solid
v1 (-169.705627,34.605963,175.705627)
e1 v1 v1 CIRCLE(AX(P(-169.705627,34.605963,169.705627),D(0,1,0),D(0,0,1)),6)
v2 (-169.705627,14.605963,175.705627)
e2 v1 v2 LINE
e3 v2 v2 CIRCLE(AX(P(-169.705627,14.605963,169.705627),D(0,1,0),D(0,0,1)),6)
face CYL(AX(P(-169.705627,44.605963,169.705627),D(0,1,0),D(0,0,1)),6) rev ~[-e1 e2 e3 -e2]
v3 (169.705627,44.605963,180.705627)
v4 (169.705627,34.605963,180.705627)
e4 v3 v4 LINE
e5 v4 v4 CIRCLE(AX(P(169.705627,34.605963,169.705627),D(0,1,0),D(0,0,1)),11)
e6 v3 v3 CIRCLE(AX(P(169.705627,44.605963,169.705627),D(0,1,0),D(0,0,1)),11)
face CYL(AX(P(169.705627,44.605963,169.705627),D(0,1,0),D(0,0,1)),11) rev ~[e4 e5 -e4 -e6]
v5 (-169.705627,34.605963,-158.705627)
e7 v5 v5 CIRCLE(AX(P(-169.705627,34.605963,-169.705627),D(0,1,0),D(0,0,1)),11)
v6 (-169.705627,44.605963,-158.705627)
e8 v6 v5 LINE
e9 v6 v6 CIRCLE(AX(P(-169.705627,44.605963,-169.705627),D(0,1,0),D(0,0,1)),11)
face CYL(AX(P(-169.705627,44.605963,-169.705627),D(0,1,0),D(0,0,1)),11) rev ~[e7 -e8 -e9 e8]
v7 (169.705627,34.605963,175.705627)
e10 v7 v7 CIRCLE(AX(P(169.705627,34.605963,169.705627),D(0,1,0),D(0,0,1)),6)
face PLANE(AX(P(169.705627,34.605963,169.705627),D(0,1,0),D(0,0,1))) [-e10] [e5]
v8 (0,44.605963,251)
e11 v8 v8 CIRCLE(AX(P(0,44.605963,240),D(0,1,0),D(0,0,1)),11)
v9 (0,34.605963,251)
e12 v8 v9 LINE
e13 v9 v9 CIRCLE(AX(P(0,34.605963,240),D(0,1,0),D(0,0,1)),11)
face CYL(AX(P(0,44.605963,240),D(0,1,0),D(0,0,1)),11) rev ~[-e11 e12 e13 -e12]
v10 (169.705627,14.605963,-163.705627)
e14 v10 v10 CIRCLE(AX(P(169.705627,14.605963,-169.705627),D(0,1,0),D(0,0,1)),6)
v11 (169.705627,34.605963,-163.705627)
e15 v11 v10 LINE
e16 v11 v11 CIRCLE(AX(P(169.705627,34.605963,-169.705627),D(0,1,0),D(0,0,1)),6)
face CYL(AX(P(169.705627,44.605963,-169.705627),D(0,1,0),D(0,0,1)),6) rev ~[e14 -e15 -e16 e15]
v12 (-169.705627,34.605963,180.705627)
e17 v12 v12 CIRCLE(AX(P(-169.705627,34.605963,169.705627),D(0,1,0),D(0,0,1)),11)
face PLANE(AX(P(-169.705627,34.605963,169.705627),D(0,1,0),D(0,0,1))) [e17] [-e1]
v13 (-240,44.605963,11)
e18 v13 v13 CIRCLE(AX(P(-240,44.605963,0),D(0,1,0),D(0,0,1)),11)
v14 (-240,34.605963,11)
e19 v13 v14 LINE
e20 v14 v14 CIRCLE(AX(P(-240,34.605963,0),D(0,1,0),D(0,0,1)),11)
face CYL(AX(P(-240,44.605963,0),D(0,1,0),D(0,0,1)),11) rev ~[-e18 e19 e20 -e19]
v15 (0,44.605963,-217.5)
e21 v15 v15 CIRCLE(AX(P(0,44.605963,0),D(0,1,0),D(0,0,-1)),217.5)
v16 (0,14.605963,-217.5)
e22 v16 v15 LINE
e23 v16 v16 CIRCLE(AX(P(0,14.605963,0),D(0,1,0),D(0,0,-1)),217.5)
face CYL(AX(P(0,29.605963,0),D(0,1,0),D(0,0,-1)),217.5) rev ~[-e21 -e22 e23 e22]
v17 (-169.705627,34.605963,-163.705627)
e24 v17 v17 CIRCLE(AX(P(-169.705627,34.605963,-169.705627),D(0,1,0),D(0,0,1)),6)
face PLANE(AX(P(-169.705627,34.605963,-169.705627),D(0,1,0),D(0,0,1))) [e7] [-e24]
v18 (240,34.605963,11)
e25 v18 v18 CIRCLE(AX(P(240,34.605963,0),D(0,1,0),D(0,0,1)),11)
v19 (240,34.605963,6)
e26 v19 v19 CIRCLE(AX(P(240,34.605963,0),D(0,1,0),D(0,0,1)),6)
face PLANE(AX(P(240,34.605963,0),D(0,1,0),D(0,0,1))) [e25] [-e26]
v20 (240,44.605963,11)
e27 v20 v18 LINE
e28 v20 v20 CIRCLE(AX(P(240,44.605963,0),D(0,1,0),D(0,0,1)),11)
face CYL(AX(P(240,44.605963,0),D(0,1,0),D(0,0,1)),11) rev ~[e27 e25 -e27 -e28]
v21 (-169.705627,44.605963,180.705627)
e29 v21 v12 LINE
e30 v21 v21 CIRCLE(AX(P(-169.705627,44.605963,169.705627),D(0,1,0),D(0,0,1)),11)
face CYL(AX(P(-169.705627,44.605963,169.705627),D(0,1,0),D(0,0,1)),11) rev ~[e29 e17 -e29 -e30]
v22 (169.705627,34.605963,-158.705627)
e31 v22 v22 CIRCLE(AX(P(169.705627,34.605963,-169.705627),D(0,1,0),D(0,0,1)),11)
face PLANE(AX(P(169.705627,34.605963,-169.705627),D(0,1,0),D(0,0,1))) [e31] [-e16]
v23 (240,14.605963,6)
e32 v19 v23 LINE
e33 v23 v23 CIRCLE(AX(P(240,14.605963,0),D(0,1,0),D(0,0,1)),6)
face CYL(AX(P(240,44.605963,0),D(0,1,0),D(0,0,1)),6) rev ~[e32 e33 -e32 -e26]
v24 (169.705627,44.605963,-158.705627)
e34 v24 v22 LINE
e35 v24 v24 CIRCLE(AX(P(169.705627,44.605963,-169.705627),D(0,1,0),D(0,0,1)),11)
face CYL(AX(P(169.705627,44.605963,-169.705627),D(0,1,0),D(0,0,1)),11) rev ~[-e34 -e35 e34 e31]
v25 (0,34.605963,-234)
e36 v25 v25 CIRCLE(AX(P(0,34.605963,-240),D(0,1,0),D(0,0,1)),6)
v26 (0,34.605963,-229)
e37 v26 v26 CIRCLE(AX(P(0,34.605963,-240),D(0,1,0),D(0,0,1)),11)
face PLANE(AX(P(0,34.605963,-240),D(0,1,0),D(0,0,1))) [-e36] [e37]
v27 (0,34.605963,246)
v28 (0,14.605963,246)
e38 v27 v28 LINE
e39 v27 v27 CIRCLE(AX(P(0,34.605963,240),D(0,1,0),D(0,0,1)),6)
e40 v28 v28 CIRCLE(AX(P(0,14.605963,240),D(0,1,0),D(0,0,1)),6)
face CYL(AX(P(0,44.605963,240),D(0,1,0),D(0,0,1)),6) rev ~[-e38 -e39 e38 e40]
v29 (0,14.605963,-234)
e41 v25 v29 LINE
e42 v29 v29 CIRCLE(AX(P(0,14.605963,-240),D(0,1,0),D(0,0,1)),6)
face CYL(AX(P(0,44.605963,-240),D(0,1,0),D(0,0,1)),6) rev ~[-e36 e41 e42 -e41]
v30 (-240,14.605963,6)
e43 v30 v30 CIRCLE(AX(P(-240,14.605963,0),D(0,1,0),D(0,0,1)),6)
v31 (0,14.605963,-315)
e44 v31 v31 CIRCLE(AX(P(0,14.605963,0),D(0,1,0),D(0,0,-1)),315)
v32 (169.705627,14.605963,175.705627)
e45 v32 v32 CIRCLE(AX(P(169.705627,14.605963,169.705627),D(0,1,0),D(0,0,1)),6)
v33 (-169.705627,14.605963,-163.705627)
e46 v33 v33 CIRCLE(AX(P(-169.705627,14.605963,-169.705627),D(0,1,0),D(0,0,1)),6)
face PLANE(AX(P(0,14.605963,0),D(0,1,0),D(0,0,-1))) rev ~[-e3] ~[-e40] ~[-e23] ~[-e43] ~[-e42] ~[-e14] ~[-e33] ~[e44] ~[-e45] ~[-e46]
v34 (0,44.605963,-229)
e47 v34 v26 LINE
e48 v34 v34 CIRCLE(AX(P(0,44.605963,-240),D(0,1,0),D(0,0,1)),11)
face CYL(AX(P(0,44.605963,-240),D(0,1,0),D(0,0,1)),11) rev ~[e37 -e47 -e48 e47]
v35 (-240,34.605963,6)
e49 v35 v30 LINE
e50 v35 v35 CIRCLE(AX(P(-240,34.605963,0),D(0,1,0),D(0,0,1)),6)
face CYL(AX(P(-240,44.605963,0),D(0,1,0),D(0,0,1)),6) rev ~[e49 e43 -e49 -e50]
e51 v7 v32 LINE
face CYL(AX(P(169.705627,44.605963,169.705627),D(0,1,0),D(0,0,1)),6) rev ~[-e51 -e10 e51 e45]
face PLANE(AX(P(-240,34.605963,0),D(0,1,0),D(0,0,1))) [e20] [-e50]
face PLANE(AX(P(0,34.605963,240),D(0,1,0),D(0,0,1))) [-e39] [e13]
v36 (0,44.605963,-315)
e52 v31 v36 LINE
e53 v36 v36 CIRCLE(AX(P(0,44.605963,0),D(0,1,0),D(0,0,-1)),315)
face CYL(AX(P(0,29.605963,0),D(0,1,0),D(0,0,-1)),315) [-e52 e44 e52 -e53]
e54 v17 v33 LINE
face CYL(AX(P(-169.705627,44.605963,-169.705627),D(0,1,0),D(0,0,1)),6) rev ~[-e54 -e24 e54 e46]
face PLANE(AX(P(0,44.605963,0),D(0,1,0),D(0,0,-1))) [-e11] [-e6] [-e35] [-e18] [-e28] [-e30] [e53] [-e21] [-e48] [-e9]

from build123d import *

# Parameters (mm, degrees)
SKETCH1_W          = 97.5
SKETCH1_H          = 30
SKETCH2_R          = 11
CUT_EXTRUDE1_DEPTH = 10
SKETCH3_R          = 6
CUT_EXTRUDE2_DEPTH = 447.486281987


with BuildPart() as part:
    # Sketch1 → Revolve1 (revolve)
    with BuildSketch(Plane(origin=(0, 0, 0), x_dir=(0, 0, -1), z_dir=(1, 0, 0)), mode=Mode.PRIVATE) as revolve1_sk:
        with Locations((-266.250000002, 29.605962764)):
            Rectangle(SKETCH1_W, SKETCH1_H)
    revolve(revolve1_sk.sketch.rotate(Axis((0, -1000, 0), (0, 1, 0)), 180), axis=Axis((0, -1000, 0), (0, 1, 0)))

    # Sketch2 → Cut-Extrude1 (cut)
    with BuildSketch(Plane(origin=(0, 44.605962764, 0), x_dir=(1, 0, 0), z_dir=(0, 1, 0))):
        with Locations(Location((0, 240, 0), (0, 0, 270))):
            Circle(SKETCH2_R)
        with Locations(Location((169.705627485, 169.705627485, 0), (0, 0, 270))):
            Circle(SKETCH2_R)
        with Locations(Location((240, 0, 0), (0, 0, 270))):
            Circle(SKETCH2_R)
        with Locations(Location((169.705627485, -169.705627485, 0), (0, 0, 270))):
            Circle(SKETCH2_R)
        with Locations(Location((0, -240, 0), (0, 0, 270))):
            Circle(SKETCH2_R)
        with Locations(Location((-169.705627485, -169.705627485, 0), (0, 0, 270))):
            Circle(SKETCH2_R)
        with Locations(Location((-240, 0, 0), (0, 0, 270))):
            Circle(SKETCH2_R)
        with Locations(Location((-169.705627485, 169.705627485, 0), (0, 0, 270))):
            Circle(SKETCH2_R)
    extrude(amount=-CUT_EXTRUDE1_DEPTH, mode=Mode.SUBTRACT)

    # Sketch3 → Cut-Extrude2 (cut, through all)
    with BuildSketch(Plane(origin=(0, 44.605962764, 0), x_dir=(1, 0, 0), z_dir=(0, 1, 0))):
        with Locations(Location((0, 240, 0), (0, 0, 270))):
            Circle(SKETCH3_R)
        with Locations(Location((169.705627485, 169.705627485, 0), (0, 0, 270))):
            Circle(SKETCH3_R)
        with Locations(Location((240, 0, 0), (0, 0, 270))):
            Circle(SKETCH3_R)
        with Locations(Location((169.705627485, -169.705627485, 0), (0, 0, 270))):
            Circle(SKETCH3_R)
        with Locations(Location((0, -240, 0), (0, 0, 270))):
            Circle(SKETCH3_R)
        with Locations(Location((-169.705627485, -169.705627485, 0), (0, 0, 270))):
            Circle(SKETCH3_R)
        with Locations(Location((-240, 0, 0), (0, 0, 270))):
            Circle(SKETCH3_R)
        with Locations(Location((-169.705627485, 169.705627485, 0), (0, 0, 270))):
            Circle(SKETCH3_R)
    extrude(amount=-CUT_EXTRUDE2_DEPTH, mode=Mode.SUBTRACT)


solid = part.part
